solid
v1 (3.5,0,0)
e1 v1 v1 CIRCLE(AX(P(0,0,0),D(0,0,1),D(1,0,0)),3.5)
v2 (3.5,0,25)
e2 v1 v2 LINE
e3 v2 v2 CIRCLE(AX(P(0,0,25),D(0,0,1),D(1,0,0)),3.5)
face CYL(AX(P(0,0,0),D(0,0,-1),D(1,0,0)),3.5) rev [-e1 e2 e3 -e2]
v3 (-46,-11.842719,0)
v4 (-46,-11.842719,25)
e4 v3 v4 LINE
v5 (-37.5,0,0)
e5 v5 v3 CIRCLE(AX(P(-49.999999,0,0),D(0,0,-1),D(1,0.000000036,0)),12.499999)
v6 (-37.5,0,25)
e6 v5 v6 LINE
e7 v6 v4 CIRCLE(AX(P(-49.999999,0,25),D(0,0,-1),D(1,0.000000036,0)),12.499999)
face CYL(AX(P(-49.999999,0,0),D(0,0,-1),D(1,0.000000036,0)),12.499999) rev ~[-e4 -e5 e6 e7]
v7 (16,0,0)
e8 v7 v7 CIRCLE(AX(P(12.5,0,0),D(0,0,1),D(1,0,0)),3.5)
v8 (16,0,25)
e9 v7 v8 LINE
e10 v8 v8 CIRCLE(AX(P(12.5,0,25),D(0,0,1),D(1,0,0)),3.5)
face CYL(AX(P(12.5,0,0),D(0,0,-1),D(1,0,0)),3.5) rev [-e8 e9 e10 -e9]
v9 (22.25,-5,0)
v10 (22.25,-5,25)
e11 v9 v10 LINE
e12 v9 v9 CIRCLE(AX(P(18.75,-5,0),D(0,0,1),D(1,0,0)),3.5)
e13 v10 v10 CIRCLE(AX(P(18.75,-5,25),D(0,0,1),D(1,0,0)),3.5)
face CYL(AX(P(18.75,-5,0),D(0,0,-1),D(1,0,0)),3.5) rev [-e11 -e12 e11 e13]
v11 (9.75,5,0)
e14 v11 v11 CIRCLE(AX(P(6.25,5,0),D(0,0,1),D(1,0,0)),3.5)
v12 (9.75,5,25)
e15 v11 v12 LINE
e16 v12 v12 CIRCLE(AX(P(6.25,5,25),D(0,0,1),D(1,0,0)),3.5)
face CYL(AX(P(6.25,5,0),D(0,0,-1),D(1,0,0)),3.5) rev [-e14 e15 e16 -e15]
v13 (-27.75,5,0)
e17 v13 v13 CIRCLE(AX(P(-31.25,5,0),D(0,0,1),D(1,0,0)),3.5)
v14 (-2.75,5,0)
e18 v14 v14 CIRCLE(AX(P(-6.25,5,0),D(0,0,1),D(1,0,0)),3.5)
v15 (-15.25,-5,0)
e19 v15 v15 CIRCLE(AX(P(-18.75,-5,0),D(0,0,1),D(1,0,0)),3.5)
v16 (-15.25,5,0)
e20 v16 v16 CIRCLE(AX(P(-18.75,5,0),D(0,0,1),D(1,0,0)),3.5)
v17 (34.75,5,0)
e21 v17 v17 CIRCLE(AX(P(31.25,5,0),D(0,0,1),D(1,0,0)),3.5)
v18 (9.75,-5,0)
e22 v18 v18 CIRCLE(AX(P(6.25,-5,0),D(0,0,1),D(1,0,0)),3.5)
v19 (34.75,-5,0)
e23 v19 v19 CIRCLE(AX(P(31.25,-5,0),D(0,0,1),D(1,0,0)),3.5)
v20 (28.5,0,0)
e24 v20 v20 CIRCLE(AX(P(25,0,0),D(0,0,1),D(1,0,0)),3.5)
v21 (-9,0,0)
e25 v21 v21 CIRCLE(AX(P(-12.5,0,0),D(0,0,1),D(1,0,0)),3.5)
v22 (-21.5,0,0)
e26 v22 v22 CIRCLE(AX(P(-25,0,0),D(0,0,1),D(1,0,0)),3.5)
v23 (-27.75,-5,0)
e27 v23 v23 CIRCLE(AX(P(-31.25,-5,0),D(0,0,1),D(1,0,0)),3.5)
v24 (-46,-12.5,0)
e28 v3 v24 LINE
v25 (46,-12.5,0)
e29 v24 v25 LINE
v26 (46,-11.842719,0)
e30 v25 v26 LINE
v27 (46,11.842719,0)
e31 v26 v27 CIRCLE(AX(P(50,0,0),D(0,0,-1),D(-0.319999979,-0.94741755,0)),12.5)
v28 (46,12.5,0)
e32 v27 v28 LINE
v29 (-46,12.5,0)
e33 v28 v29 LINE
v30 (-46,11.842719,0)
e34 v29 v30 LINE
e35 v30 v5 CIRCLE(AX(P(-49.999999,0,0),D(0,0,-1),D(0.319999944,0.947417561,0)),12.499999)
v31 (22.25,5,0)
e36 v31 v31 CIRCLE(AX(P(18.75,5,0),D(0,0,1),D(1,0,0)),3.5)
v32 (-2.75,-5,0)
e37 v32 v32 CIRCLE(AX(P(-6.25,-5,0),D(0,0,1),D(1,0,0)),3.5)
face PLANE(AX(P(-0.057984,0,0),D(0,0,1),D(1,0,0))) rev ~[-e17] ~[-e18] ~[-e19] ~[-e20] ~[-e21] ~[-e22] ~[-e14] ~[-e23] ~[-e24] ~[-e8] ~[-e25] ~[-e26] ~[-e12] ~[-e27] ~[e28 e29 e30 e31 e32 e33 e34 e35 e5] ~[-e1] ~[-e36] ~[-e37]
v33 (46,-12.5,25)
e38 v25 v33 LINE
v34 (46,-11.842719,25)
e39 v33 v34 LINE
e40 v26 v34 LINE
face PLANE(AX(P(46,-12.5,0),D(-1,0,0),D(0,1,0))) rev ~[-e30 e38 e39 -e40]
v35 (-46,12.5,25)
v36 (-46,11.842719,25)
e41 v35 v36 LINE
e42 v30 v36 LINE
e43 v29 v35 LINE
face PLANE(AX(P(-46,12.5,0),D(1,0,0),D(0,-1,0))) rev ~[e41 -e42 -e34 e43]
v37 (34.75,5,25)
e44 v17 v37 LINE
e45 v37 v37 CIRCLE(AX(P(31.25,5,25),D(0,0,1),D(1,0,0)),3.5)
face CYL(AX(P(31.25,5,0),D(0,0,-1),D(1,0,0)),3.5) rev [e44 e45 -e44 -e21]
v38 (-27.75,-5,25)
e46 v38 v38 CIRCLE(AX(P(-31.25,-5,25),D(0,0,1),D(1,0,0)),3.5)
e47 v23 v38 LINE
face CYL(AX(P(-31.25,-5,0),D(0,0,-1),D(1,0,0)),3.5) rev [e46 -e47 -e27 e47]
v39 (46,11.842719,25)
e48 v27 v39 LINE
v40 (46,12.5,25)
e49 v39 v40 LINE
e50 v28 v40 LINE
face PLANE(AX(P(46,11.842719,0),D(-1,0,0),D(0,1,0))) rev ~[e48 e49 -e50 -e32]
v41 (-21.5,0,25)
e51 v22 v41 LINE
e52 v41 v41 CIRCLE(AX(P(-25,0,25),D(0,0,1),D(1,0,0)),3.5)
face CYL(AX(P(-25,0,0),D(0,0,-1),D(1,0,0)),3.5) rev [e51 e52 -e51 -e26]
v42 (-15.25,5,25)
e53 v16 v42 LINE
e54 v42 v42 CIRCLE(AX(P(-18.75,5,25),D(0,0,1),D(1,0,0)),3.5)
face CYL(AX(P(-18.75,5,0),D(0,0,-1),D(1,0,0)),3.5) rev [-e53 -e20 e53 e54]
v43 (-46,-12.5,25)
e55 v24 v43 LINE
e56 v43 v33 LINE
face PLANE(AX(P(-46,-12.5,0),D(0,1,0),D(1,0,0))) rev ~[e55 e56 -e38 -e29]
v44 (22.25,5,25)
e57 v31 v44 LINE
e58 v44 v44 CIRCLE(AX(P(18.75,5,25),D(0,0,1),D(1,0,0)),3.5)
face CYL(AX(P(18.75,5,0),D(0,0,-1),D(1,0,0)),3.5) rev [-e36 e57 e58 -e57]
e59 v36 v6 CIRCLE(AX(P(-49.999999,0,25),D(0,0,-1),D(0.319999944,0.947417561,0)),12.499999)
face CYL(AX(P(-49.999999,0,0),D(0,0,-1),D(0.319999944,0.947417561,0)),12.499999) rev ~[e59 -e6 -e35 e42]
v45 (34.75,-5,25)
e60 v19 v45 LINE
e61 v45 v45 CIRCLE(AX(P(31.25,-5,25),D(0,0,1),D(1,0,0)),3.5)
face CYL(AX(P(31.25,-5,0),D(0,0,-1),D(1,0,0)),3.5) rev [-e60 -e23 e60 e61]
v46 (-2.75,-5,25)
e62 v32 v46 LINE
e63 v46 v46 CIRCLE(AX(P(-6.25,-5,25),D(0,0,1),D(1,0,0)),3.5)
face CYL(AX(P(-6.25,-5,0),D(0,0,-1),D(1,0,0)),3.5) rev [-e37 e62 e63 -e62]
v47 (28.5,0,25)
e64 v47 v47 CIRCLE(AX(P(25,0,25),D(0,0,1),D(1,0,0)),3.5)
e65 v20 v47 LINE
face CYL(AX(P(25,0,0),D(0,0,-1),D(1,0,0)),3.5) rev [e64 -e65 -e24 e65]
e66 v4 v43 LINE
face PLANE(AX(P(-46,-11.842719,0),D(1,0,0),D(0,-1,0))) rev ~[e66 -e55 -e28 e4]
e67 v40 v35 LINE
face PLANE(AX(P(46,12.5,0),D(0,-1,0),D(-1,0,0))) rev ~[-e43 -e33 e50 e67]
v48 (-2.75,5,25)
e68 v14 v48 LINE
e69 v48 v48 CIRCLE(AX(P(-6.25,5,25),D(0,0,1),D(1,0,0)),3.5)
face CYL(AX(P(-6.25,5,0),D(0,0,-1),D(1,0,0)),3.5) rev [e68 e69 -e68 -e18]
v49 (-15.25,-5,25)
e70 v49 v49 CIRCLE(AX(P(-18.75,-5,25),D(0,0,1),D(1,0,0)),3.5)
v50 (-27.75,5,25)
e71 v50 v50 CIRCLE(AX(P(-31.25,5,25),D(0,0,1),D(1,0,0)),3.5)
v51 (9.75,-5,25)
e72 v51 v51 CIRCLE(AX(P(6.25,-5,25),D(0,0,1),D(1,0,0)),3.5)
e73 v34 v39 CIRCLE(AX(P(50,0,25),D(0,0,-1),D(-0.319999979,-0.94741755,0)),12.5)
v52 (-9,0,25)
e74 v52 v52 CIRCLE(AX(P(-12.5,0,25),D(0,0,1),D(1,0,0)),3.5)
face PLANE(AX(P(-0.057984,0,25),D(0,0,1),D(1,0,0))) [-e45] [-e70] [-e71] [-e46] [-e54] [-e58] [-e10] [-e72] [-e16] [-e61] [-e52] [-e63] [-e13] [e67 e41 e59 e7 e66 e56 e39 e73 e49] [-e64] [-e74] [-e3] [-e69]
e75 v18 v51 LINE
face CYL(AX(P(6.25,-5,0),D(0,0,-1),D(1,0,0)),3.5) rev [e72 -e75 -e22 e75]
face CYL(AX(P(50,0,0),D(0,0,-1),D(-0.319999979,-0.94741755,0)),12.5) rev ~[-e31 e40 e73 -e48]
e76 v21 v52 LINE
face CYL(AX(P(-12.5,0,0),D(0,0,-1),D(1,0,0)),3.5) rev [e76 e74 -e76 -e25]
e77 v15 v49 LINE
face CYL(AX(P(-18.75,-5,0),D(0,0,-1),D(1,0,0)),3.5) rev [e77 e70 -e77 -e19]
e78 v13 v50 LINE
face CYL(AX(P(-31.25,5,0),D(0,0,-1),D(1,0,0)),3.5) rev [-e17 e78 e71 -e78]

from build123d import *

# Parameters (mm, degrees)
F0_R     = 3.5
F1_DEPTH = 25


with BuildPart() as f1:
    # F0 (on Top) → F1 (new body)
    with BuildSketch(Plane.XY):
        with BuildLine():
            Line((46, 11.842719), (46, 12.5))
            Line((46, 12.5), (-46, 12.5))
            Line((-46, 12.5), (-46, 11.842719))
            ThreePointArc((-46, 11.842719), (-39.844952, 7.28869), (-37.5, 0))
            ThreePointArc((-37.5, 0), (-39.844952, -7.28869), (-46, -11.842719))
            Line((-46, -11.842719), (-46, -12.5))
            Line((-46, -12.5), (46, -12.5))
            Line((46, -12.5), (46, -11.842719))
            ThreePointArc((46, -11.842719), (37.5, 0), (46, 11.842719))
        make_face()
        with Locations((-31.25, -5)):
            Circle(F0_R, mode=Mode.SUBTRACT)
        with Locations((-18.75, -5)):
            Circle(F0_R, mode=Mode.SUBTRACT)
        with Locations((-6.25, -5)):
            Circle(F0_R, mode=Mode.SUBTRACT)
        with Locations((6.25, -5)):
            Circle(F0_R, mode=Mode.SUBTRACT)
        with Locations((18.75, -5)):
            Circle(F0_R, mode=Mode.SUBTRACT)
        with Locations((31.25, -5)):
            Circle(F0_R, mode=Mode.SUBTRACT)
        with Locations((-25, 0)):
            Circle(F0_R, mode=Mode.SUBTRACT)
        with Locations((-12.5, 0)):
            Circle(F0_R, mode=Mode.SUBTRACT)
        with Locations((-31.25, 5)):
            Circle(F0_R, mode=Mode.SUBTRACT)
        with Locations((-18.75, 5)):
            Circle(F0_R, mode=Mode.SUBTRACT)
        with Locations((-6.25, 5)):
            Circle(F0_R, mode=Mode.SUBTRACT)
        Circle(F0_R, mode=Mode.SUBTRACT)
        with Locations((12.5, 0)):
            Circle(F0_R, mode=Mode.SUBTRACT)
        with Locations((25, 0)):
            Circle(F0_R, mode=Mode.SUBTRACT)
        with Locations((6.25, 5)):
            Circle(F0_R, mode=Mode.SUBTRACT)
        with Locations((18.75, 5)):
            Circle(F0_R, mode=Mode.SUBTRACT)
        with Locations((31.25, 5)):
            Circle(F0_R, mode=Mode.SUBTRACT)
    extrude(amount=F1_DEPTH)


solid = f1.part
